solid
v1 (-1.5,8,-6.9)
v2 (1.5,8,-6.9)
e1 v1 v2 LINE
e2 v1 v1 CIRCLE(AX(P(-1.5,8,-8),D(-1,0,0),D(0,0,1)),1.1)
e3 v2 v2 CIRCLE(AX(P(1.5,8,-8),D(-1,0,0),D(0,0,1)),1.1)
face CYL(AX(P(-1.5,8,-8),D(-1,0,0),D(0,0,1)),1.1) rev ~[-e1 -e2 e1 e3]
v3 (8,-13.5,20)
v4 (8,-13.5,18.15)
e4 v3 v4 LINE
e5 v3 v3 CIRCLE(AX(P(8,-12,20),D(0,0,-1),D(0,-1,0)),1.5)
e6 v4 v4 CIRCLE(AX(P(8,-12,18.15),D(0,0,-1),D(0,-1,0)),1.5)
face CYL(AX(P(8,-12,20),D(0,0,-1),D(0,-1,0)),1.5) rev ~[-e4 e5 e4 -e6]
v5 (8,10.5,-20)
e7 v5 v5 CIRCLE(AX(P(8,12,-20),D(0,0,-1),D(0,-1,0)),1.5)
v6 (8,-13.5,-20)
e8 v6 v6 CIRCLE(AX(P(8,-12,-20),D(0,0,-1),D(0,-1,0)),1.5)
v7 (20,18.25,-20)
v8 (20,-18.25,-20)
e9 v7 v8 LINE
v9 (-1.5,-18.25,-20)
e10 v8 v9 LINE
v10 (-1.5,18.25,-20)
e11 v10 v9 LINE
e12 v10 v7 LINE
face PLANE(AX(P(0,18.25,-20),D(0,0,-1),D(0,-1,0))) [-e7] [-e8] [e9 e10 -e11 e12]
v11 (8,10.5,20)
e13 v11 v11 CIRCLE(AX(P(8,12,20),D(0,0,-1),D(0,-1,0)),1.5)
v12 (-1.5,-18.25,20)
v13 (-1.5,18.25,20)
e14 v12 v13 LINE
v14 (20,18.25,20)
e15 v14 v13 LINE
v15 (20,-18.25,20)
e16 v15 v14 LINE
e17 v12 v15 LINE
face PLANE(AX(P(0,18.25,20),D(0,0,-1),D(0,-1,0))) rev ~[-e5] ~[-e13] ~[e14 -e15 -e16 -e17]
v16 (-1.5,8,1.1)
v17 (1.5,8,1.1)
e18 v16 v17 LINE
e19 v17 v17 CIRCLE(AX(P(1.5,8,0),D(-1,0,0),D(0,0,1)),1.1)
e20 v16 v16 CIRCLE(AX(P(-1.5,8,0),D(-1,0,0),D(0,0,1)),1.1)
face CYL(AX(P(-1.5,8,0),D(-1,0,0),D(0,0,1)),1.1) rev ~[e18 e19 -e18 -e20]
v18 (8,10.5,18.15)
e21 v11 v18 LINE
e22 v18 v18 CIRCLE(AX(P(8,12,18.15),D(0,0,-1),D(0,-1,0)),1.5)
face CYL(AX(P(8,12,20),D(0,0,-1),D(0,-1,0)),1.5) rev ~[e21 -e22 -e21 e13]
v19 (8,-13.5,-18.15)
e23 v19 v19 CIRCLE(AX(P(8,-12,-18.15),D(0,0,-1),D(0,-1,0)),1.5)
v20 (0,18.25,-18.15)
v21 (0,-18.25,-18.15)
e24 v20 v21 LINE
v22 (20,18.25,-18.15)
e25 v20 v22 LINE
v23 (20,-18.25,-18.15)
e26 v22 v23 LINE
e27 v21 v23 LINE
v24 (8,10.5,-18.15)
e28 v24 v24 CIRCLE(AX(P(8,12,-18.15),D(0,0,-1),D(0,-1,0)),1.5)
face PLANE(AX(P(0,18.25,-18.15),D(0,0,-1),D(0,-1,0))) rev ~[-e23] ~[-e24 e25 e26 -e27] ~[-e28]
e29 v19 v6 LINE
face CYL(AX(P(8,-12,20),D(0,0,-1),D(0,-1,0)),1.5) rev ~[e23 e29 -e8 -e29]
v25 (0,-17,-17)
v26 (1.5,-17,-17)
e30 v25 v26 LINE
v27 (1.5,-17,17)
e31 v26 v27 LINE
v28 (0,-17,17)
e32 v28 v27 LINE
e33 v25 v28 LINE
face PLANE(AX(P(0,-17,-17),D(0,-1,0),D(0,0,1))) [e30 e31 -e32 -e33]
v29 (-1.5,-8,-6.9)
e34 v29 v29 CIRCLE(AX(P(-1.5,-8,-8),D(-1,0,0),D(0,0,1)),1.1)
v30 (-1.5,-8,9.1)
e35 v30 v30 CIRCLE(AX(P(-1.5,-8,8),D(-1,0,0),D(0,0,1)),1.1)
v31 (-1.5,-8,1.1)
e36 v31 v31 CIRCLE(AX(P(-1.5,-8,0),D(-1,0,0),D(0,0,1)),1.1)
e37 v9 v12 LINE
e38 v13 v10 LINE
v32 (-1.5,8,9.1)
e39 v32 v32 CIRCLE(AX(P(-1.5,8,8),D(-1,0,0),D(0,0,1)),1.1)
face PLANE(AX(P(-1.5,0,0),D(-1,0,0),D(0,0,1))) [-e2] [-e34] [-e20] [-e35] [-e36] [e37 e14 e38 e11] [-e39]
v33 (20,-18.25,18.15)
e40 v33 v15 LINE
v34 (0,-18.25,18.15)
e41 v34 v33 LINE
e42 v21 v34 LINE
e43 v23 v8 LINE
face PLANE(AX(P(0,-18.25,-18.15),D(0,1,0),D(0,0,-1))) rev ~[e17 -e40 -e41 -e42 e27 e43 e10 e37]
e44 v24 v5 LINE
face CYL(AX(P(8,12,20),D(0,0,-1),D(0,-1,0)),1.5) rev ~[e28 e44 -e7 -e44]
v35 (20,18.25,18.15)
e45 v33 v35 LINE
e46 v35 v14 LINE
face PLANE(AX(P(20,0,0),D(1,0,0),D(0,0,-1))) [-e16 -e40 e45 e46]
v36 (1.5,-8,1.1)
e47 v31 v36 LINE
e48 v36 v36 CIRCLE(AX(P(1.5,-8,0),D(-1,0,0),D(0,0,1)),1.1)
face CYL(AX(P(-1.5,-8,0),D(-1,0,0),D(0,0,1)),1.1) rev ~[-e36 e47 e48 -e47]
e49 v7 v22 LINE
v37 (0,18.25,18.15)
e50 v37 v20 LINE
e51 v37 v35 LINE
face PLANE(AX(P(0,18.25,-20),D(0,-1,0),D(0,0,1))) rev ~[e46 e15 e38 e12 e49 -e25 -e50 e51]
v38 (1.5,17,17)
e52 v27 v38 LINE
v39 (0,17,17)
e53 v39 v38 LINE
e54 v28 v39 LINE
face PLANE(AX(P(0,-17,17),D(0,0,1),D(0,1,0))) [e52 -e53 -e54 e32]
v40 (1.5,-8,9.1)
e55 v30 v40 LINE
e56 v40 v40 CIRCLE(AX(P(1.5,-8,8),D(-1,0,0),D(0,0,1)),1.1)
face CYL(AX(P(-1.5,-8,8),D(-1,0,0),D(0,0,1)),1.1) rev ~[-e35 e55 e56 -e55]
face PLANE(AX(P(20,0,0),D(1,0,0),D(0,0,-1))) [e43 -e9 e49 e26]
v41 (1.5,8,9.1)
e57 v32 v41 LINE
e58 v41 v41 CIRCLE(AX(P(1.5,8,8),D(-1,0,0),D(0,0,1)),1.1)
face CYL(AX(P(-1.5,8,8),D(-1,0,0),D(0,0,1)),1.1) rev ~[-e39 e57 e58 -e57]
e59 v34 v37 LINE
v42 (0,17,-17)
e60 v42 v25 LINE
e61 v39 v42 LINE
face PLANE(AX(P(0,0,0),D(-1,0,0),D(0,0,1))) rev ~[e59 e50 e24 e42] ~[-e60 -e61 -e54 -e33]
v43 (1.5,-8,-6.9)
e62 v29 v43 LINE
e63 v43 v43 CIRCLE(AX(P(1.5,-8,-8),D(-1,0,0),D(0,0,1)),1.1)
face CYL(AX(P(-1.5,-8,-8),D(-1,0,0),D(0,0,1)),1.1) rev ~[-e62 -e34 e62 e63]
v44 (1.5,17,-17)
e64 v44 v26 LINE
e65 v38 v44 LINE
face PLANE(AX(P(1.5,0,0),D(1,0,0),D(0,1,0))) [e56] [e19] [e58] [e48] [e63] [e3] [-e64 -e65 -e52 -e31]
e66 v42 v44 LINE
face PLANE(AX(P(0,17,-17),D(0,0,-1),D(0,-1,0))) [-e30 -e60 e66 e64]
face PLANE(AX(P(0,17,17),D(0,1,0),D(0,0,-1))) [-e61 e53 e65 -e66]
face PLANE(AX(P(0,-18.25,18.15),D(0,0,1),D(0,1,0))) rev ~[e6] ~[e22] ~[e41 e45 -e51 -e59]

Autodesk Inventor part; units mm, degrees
ref_plane "YZ Plane" through (0, 0, 0) normal (1, 0, 0) x (0, 1, 0)
ref_plane "XZ Plane" through (0, 0, 0) normal (0, 1, 0) x (-1, 0, 0)
ref_plane "XY Plane" through (0, 0, 0) normal (0, 0, 1) x (1, 0, 0)
sketch "Boceto1" plane through (0, 0, 0) normal (1, 0, 0) x (0, 1, 0)
  line L0 (-17, 17) -> (17, 17)
  line L1 (17, 17) -> (17, -17)
  line L2 (17, -17) -> (-17, -17)
  line L3 (-17, -17) -> (-17, 17)
  line L4 (-17, 17) -> (17, -17) construction
  line L5 (17, 17) -> (-17, -17) construction
  point P0 (0, 0)
  dimension "d0" = 34
  dimension "d1" = 34
extrude "Extrusión1" add sketch "Boceto1" along normal blind 1.5
sketch "Boceto2" plane through (0, 0, 0) normal (-1, 0, 0) x (0, 0, 1)
  line L0 (-20, -18.25) -> (20, -18.25)
  line L1 (20, -18.25) -> (20, 18.25)
  line L2 (20, 18.25) -> (-20, 18.25)
  line L3 (-20, 18.25) -> (-20, -18.25)
  line L4 (-20, -18.25) -> (20, 18.25) construction
  line L5 (20, -18.25) -> (-20, 18.25) construction
  point P0 (0, 0)
  dimension "d4" = 36.5
  dimension "d5" = 40
extrude "Extrusión2" add sketch "Boceto2" along normal blind 1.5
sketch "Boceto3" plane through (0, 0, 0) normal (1, 0, 0) x (0, 0, -1)
  line L0 (-20, 17.8927) -> (-20, -18.25)
  line L1 (-20, 18.25) -> (-20, -18.25)
  line L2 (20, -18.25) -> (-20, -18.25) projected
  line L3 (-18.15, -18.25) -> (-18.15, 18.25)
  line L4 (-18.15, 18.25) -> (-20, 18.25)
  line L5 (-20, -18.25) -> (-18.15, -18.25)
  line L6 (0, 18.25) -> (0, 10.0578) construction
  line L7 (20, 17.8927) -> (20, -18.25)
  line L8 (18.15, -18.25) -> (18.15, 18.25)
  line L9 (18.15, -18.25) -> (20, -18.25)
  point P0 (0, 0)
  dimension "d8" = 1.85
extrude "Extrusión3" add sketch "Boceto3" along normal blind 20
sketch "Boceto4" plane through (0, 0, 0) normal (1, 0, 0) x (0, 0, -1)
  line L0 (20, 18.25) -> (20, -18.25) projected
  line L1 (20, 18.25) -> (20, -18.25)
  line L2 (20, 18.25) -> (18.15, 18.25)
  line L3 (-18.15, 18.25) -> (20, 18.25) projected
  line L4 (18.15, 18.25) -> (18.15, -18.25)
  line L5 (18.15, -18.25) -> (20, -18.25)
  point P0 (0, 0)
  dimension "d11" = 1.85
extrude "Extrusión4" add sketch "Boceto4" along normal blind 20
sketch "Boceto5" plane through (-1.5, -18.25, 20) normal (0, 0, 1) x (1, 0, 0)
  line L0 (1.5, 18.25) -> (9.5, 18.25)
  line L1 (9.5, 18.25) -> (9.5, 30.25)
  line L2 (9.5, 18.25) -> (9.5, 6.25)
  dimension "d14" = 12
  dimension "d15" = 8
hole "Agujero1" at (8, 12, 20) at (8, -12, 20) direction (0, 0, -1) diameter 3 end through all
sketch "Boceto6" plane through (-1.5, 0, 0) normal (-1, 0, 0) x (0, 0, 1)
  line L0 (0, 0) -> (0, 8) construction
  circle A0 centre (0, 8) radius 1.1
  line L1 (0, 0) -> (7.3634, 0) construction
  circle A1 centre (0, -8) radius 1.1
  circle A2 centre (8, 8) radius 1.1
  circle A3 centre (8, -8) radius 1.1
  line L2 (0, 8) -> (-8, 8) construction
  circle A4 centre (-8, 8) radius 1.1
  circle A5 centre (-8, -8) radius 1.1
  line L3 (20, -18.25) -> (18.15, -18.25) projected
  line L4 (-20, 18.25) -> (-20, 9.1)
  dimension "d23" = 8
  dimension "d24" = 2.2
  dimension "d27" = 16
  dimension "d30" = 8
  dimension "d33" = 8
  dimension "d34" = 2.2
extrude "Extrusión5" cut sketch "Boceto6" against normal blind 10
properties part number "Tapa_R" material "Plástico ABS"
